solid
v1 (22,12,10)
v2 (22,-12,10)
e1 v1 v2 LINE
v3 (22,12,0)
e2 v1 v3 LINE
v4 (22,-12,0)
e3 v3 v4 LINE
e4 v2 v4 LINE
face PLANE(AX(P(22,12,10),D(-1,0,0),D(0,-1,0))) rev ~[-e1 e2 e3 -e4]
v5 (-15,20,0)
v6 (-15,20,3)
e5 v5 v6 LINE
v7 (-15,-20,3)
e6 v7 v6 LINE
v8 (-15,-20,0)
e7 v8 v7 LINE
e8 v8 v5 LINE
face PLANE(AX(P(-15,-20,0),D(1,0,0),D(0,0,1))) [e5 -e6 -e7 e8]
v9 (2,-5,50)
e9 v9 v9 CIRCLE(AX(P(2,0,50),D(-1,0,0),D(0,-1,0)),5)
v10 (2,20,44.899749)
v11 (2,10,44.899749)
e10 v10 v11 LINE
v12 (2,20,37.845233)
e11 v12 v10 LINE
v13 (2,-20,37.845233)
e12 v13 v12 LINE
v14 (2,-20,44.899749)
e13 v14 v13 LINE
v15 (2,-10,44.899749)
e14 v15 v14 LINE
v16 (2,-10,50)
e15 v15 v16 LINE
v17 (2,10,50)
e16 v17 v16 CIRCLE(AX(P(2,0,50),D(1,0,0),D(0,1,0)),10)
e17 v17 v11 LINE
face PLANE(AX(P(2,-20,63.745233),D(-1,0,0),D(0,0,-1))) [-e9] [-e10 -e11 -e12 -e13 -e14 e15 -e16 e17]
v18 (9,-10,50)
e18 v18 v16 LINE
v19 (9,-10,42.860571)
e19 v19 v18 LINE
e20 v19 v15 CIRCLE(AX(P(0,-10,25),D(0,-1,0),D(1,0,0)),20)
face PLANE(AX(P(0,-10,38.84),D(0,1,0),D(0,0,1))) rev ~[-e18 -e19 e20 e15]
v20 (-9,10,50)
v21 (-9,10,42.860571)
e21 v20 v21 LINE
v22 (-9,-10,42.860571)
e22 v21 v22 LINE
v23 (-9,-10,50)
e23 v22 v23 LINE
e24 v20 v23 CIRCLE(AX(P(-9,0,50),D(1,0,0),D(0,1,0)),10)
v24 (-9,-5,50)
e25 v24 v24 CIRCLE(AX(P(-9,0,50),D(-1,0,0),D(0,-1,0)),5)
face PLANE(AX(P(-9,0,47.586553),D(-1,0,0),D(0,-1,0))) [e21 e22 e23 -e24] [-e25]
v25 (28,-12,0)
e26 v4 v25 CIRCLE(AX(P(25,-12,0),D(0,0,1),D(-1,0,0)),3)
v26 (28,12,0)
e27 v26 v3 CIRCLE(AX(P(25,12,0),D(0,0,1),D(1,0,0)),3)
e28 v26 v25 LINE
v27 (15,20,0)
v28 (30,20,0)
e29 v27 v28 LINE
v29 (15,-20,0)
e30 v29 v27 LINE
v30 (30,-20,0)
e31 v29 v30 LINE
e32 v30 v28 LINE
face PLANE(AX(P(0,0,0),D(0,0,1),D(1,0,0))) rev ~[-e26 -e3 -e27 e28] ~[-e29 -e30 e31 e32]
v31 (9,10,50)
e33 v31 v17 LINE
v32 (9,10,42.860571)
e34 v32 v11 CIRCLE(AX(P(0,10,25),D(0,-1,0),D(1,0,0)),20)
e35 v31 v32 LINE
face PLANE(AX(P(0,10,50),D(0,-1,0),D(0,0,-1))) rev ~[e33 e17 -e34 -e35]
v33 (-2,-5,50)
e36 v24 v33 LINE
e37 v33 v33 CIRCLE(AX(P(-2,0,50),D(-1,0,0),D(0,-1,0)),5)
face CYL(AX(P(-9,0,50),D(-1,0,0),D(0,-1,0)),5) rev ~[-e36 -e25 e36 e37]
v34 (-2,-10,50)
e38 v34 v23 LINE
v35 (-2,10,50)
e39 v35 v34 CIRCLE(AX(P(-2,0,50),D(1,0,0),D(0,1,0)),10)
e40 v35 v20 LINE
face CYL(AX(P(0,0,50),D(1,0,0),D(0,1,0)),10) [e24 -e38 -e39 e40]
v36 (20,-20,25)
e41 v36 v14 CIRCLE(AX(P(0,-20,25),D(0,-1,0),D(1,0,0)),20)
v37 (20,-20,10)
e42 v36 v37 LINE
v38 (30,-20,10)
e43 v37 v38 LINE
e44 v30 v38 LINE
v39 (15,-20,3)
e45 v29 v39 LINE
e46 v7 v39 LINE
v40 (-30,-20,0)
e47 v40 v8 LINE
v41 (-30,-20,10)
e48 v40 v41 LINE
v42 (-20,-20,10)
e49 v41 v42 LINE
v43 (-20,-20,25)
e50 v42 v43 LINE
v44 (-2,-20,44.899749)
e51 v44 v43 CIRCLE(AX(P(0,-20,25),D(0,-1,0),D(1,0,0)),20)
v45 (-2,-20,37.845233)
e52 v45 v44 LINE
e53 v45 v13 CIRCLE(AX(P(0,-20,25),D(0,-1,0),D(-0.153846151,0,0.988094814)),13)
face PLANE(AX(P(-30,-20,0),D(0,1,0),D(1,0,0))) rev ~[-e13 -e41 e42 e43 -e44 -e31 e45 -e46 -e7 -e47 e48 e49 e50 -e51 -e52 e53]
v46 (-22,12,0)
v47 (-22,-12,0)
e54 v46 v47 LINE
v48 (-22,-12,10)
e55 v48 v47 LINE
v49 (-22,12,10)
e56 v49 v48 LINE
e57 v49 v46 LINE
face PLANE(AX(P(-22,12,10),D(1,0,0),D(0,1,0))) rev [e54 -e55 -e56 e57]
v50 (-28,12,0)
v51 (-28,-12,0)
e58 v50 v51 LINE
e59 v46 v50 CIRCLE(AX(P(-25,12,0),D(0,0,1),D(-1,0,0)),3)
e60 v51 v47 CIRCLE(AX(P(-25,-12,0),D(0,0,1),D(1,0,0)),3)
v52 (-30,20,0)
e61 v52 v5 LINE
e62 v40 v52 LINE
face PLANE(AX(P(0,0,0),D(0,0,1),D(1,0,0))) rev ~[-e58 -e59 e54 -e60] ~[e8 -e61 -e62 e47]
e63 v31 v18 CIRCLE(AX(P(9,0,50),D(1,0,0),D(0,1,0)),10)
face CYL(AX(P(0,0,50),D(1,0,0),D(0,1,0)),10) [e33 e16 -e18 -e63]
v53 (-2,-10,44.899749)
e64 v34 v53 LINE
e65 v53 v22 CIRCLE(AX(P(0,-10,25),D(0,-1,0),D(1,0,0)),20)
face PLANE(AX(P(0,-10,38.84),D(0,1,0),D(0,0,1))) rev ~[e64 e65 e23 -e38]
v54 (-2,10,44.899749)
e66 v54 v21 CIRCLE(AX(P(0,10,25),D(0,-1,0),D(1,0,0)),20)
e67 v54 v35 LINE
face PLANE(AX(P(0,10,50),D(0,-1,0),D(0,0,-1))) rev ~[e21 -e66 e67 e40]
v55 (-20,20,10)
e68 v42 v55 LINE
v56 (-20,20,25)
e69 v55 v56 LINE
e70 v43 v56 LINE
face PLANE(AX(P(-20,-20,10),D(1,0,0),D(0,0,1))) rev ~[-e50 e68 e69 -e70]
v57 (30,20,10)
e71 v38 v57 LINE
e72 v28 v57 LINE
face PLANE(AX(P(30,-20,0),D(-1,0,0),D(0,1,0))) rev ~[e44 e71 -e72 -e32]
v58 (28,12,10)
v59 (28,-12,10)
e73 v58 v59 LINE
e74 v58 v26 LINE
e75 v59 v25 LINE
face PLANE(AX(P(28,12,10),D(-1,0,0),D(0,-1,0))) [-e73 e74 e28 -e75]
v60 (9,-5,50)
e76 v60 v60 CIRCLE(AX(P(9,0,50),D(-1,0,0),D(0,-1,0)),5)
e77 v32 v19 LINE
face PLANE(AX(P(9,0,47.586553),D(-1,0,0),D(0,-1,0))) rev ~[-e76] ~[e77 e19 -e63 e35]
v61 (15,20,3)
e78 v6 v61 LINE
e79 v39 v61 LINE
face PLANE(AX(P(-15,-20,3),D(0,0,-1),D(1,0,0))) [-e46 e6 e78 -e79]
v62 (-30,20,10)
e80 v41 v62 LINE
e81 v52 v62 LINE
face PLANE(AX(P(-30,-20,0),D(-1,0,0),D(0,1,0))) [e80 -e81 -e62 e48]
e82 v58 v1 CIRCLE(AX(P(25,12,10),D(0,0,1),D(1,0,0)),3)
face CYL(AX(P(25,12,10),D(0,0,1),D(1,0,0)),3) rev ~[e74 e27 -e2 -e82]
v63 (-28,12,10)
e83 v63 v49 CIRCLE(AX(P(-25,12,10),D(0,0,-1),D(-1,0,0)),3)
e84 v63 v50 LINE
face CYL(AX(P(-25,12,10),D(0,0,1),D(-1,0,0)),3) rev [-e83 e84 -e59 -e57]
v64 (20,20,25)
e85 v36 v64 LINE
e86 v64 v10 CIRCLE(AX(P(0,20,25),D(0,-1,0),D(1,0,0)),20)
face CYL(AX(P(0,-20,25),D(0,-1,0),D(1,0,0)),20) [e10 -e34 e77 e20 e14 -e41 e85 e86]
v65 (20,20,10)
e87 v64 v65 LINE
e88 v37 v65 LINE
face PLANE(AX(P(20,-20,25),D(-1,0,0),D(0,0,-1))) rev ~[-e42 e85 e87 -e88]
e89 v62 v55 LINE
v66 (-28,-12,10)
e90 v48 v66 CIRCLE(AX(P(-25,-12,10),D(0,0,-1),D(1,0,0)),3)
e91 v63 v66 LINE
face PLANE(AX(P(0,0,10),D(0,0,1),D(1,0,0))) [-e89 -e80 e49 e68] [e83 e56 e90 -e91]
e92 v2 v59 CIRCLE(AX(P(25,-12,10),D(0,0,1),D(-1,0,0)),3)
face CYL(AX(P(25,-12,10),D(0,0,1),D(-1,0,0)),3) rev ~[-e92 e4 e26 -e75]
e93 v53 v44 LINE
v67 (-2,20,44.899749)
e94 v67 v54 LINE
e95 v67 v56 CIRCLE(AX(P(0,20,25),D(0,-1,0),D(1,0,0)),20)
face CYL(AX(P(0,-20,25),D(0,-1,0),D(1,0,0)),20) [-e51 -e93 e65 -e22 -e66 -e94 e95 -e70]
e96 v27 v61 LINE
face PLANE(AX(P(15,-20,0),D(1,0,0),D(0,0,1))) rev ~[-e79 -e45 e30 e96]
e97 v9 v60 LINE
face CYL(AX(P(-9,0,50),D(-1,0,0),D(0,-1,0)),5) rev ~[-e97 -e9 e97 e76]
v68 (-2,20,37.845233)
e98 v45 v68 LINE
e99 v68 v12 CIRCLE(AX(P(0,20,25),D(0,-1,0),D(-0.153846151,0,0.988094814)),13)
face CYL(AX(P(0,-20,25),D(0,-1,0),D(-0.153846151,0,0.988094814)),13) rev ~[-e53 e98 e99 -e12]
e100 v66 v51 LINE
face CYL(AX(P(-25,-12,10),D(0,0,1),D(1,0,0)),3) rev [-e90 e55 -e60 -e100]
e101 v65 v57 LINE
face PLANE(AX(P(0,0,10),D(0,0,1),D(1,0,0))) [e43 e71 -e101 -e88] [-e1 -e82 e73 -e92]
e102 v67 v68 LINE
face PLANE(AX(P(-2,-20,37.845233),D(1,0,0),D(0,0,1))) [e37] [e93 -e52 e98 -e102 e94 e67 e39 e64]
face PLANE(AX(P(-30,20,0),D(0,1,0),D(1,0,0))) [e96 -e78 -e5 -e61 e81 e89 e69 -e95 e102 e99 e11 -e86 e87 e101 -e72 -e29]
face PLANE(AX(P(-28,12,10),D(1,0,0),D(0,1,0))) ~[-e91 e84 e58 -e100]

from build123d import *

# Parameters (mm, degrees)
SKETCH_W        = 60
SKETCH_H        = 40
PAD_DEPTH       = 10
PAD001_DEPTH    = 40
SKETCH002_W     = 30
SKETCH002_H     = 3
POCKET_DEPTH    = 40
PAD002_DEPTH    = 9
SKETCH004_R     = 5
POCKET001_DEPTH = 39.001
POCKET002_DEPTH = 197.61763
POCKET003_DEPTH = 40.001


with BuildPart() as part:
    # Sketch → Pad (new body)
    with BuildSketch(Plane.XY):
        Rectangle(SKETCH_W, SKETCH_H)
    extrude(amount=PAD_DEPTH)

    # Sketch001 (on Face3 of Pad) → Pad001 (join)
    with BuildSketch(Plane.XZ.offset(20)):
        with BuildLine():
            Line((-20, 10), (-20, 25))
            ThreePointArc((20, 25), (0, 45), (-20, 25))
            Line((20, 25), (20, 10))
            Line((-20, 10), (20, 10))
        make_face()
    extrude(amount=-PAD001_DEPTH)

    # Sketch002 (on Face8 of Pad001) → Pocket (cut)
    with BuildSketch(Plane.XZ.offset(20)):
        with Locations((0, 1.5)):
            Rectangle(SKETCH002_W, SKETCH002_H)
    extrude(amount=-POCKET_DEPTH, mode=Mode.SUBTRACT)

    # Sketch003 → Pad002 (join, symmetric)
    with BuildSketch(Plane.YZ):
        with BuildLine():
            Line((-10, 38.84), (-10, 50))
            ThreePointArc((10, 50), (0, 60), (-10, 50))
            Line((10, 50), (10, 38.84))
            Line((10, 38.84), (-10, 38.84))
        make_face()
    extrude(amount=PAD002_DEPTH, both=True)

    # Sketch004 (on Face19 of Pad002) → Pocket001 (cut, through all)
    with BuildSketch(Plane(origin=(-9, 0, 0), x_dir=(0, -1, 0), z_dir=(-1, 0, 0))):
        with Locations((0, 50)):
            Circle(SKETCH004_R)
    extrude(amount=-POCKET001_DEPTH, mode=Mode.SUBTRACT)

    # Sketch005 (on Face10 of Pocket001) → Pocket002 (cut, through all)
    with BuildSketch(Plane.XY.offset(10)):
        with BuildLine():
            ThreePointArc((28, 12), (25, 15), (22, 12))
            Line((22, 12), (22, -12))
            ThreePointArc((22, -12), (25, -15), (28, -12))
            Line((28, 12), (28, -12))
        make_face()
    pocket002 = extrude(amount=-POCKET002_DEPTH, mode=Mode.SUBTRACT)

    # Mirrored: Pocket002 across Sketch005 V_Axis
    add(pocket002.mirror(Plane(origin=(0, 0, 10), x_dir=(0, 0, 1), z_dir=(1, 0, 0))), mode=Mode.SUBTRACT)

    # Sketch007 (on Face24 of Mirrored) → Pocket003 (cut, through all)
    with BuildSketch(Plane.XZ.offset(20)):
        with BuildLine():
            ThreePointArc((-2, 37.845233), (0, 12), (2, 37.845233))
            Line((2, 63.745233), (2, 37.845233))
            Line((-2, 63.745233), (2, 63.745233))
            Line((-2, 37.845233), (-2, 63.745233))
        make_face()
    extrude(amount=-POCKET003_DEPTH, mode=Mode.SUBTRACT)


solid = part.part
